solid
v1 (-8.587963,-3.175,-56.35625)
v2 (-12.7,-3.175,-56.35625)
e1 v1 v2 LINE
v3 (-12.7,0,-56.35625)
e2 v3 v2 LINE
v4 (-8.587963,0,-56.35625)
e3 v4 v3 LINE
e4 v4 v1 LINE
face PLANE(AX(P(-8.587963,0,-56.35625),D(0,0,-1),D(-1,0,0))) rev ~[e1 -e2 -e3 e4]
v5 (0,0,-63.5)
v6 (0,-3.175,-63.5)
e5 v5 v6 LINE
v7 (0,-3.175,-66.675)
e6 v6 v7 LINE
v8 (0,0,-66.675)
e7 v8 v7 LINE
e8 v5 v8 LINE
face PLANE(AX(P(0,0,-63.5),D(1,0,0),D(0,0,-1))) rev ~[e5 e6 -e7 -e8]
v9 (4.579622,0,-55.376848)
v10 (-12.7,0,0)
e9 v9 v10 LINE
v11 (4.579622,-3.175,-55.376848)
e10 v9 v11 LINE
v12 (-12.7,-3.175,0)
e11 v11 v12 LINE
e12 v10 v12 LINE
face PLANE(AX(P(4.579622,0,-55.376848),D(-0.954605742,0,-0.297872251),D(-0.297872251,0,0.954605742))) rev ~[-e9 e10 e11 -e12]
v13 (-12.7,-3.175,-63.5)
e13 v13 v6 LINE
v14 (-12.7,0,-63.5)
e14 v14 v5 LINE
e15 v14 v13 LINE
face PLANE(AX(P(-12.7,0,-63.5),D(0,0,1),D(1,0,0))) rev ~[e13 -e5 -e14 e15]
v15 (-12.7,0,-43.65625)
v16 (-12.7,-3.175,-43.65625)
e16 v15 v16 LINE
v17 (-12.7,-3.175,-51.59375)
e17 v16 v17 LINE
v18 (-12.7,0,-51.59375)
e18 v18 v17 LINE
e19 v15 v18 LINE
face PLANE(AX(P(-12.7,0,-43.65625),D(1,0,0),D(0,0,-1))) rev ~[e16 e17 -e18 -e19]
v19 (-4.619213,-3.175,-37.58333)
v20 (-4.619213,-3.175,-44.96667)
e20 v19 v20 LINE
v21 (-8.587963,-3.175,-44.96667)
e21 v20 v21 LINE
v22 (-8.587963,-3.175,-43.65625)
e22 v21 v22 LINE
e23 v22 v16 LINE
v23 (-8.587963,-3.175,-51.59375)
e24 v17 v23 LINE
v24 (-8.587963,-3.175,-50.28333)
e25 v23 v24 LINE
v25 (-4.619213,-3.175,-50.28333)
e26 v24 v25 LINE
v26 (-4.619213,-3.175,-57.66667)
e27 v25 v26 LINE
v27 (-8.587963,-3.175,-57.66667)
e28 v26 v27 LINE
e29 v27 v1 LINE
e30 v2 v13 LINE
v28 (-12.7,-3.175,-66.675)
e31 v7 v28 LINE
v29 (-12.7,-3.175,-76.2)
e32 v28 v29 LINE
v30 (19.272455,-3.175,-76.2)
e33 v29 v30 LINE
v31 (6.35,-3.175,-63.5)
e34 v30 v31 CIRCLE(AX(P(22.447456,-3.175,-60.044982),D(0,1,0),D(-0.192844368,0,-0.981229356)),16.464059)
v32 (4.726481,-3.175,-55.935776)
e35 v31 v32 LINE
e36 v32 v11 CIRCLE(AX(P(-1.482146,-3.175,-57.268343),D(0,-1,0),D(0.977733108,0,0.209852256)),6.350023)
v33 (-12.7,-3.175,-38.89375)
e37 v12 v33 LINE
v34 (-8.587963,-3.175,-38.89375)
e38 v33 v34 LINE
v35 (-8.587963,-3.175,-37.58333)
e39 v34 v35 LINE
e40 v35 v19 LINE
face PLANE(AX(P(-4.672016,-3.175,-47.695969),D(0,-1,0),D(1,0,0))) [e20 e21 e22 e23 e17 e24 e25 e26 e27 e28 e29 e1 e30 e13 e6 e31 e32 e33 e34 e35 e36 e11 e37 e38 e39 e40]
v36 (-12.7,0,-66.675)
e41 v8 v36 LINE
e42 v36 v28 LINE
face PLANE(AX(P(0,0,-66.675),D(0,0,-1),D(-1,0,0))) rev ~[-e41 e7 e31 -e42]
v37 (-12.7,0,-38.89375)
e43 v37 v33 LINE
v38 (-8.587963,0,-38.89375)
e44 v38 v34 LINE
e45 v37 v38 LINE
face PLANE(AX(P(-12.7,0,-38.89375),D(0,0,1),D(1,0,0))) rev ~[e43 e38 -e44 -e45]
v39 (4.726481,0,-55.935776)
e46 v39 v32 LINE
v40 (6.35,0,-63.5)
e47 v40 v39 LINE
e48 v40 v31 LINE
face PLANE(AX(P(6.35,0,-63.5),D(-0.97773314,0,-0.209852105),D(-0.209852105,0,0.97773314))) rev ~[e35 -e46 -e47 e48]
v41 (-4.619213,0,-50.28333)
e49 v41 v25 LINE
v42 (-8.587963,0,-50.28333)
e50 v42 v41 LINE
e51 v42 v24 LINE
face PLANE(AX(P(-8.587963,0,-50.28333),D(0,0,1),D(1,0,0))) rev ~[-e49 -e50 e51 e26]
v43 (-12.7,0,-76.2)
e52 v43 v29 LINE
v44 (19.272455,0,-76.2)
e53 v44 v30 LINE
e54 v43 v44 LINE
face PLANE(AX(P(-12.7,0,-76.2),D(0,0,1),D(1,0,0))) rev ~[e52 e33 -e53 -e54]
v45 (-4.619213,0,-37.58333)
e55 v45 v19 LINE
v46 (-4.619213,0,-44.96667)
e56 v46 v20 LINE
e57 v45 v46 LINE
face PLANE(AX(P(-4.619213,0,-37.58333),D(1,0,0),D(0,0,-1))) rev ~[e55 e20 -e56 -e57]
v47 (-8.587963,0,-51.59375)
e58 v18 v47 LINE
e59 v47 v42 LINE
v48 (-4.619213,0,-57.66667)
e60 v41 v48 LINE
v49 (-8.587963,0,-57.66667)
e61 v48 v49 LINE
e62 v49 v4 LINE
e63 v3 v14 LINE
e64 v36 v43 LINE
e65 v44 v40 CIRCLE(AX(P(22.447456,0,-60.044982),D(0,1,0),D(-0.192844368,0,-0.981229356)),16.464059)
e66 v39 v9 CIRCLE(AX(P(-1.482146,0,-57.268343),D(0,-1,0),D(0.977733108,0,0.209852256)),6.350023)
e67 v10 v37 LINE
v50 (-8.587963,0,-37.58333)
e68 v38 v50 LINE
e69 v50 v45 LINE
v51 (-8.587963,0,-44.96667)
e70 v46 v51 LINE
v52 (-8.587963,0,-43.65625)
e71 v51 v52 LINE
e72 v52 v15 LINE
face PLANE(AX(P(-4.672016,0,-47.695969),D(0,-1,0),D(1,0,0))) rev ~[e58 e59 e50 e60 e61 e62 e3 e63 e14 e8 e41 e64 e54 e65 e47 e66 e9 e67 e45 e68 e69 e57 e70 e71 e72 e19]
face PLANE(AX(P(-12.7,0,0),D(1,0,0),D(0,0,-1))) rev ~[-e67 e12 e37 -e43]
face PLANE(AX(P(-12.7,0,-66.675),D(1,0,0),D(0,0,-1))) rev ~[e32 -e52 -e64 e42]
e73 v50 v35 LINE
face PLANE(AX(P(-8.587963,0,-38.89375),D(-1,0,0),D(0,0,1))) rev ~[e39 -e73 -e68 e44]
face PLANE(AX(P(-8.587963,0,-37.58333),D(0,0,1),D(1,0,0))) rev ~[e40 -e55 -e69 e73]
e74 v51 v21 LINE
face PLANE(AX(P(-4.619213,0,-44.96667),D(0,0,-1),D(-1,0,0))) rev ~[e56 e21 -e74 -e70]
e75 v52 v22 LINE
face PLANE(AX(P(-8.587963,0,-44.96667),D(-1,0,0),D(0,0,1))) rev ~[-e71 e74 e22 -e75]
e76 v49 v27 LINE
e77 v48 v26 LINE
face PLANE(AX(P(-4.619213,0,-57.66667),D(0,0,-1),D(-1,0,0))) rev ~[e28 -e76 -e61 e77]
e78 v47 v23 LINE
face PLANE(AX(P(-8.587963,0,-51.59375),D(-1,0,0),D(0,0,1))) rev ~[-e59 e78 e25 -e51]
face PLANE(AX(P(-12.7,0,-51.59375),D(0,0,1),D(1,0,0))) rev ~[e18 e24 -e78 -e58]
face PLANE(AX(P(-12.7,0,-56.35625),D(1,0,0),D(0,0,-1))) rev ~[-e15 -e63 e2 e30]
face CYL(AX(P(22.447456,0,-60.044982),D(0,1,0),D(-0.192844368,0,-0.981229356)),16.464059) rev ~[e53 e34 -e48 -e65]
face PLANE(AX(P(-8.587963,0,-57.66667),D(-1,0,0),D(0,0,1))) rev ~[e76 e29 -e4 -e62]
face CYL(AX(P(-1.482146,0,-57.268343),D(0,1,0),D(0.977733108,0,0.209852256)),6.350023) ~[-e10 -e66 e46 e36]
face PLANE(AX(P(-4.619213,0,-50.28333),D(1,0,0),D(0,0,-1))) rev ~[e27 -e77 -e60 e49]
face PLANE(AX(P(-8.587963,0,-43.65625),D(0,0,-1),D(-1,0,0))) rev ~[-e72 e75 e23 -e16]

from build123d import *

# Parameters (mm, degrees)
F1_DEPTH = 3.175


with BuildPart() as f1:
    # F0 (on Front) → F1 (new body)
    with BuildSketch(Plane.XZ):
        with BuildLine():
            ThreePointArc((19.272455, -76.2), (10.907118, -71.787462), (6.35, -63.5))
            Line((6.35, -63.5), (4.726481, -55.935776))
            ThreePointArc((4.726481, -55.935776), (4.659413, -55.65464), (4.579622, -55.376848))
            Line((4.579622, -55.376848), (-12.7, 0))
            Line((-12.7, 0), (-12.7, -38.89375))
            Line((-12.7, -38.89375), (-8.587963, -38.89375))
            Line((-8.587963, -38.89375), (-8.587963, -37.58333))
            Line((-8.587963, -37.58333), (-4.619213, -37.58333))
            Line((-4.619213, -37.58333), (-4.619213, -44.96667))
            Line((-4.619213, -44.96667), (-8.587963, -44.96667))
            Line((-8.587963, -44.96667), (-8.587963, -43.65625))
            Line((-8.587963, -43.65625), (-12.7, -43.65625))
            Line((-12.7, -43.65625), (-12.7, -51.59375))
            Line((-12.7, -51.59375), (-8.587963, -51.59375))
            Line((-8.587963, -51.59375), (-8.587963, -50.28333))
            Line((-8.587963, -50.28333), (-4.619213, -50.28333))
            Line((-4.619213, -50.28333), (-4.619213, -57.66667))
            Line((-4.619213, -57.66667), (-8.587963, -57.66667))
            Line((-8.587963, -57.66667), (-8.587963, -56.35625))
            Line((-8.587963, -56.35625), (-12.7, -56.35625))
            Line((-12.7, -56.35625), (-12.7, -63.5))
            Line((-12.7, -63.5), (0, -63.5))
            Line((0, -63.5), (0, -66.675))
            Line((0, -66.675), (-12.7, -66.675))
            Line((-12.7, -66.675), (-12.7, -76.2))
            Line((-12.7, -76.2), (19.272455, -76.2))
        make_face()
    extrude(amount=F1_DEPTH)


solid = f1.part
